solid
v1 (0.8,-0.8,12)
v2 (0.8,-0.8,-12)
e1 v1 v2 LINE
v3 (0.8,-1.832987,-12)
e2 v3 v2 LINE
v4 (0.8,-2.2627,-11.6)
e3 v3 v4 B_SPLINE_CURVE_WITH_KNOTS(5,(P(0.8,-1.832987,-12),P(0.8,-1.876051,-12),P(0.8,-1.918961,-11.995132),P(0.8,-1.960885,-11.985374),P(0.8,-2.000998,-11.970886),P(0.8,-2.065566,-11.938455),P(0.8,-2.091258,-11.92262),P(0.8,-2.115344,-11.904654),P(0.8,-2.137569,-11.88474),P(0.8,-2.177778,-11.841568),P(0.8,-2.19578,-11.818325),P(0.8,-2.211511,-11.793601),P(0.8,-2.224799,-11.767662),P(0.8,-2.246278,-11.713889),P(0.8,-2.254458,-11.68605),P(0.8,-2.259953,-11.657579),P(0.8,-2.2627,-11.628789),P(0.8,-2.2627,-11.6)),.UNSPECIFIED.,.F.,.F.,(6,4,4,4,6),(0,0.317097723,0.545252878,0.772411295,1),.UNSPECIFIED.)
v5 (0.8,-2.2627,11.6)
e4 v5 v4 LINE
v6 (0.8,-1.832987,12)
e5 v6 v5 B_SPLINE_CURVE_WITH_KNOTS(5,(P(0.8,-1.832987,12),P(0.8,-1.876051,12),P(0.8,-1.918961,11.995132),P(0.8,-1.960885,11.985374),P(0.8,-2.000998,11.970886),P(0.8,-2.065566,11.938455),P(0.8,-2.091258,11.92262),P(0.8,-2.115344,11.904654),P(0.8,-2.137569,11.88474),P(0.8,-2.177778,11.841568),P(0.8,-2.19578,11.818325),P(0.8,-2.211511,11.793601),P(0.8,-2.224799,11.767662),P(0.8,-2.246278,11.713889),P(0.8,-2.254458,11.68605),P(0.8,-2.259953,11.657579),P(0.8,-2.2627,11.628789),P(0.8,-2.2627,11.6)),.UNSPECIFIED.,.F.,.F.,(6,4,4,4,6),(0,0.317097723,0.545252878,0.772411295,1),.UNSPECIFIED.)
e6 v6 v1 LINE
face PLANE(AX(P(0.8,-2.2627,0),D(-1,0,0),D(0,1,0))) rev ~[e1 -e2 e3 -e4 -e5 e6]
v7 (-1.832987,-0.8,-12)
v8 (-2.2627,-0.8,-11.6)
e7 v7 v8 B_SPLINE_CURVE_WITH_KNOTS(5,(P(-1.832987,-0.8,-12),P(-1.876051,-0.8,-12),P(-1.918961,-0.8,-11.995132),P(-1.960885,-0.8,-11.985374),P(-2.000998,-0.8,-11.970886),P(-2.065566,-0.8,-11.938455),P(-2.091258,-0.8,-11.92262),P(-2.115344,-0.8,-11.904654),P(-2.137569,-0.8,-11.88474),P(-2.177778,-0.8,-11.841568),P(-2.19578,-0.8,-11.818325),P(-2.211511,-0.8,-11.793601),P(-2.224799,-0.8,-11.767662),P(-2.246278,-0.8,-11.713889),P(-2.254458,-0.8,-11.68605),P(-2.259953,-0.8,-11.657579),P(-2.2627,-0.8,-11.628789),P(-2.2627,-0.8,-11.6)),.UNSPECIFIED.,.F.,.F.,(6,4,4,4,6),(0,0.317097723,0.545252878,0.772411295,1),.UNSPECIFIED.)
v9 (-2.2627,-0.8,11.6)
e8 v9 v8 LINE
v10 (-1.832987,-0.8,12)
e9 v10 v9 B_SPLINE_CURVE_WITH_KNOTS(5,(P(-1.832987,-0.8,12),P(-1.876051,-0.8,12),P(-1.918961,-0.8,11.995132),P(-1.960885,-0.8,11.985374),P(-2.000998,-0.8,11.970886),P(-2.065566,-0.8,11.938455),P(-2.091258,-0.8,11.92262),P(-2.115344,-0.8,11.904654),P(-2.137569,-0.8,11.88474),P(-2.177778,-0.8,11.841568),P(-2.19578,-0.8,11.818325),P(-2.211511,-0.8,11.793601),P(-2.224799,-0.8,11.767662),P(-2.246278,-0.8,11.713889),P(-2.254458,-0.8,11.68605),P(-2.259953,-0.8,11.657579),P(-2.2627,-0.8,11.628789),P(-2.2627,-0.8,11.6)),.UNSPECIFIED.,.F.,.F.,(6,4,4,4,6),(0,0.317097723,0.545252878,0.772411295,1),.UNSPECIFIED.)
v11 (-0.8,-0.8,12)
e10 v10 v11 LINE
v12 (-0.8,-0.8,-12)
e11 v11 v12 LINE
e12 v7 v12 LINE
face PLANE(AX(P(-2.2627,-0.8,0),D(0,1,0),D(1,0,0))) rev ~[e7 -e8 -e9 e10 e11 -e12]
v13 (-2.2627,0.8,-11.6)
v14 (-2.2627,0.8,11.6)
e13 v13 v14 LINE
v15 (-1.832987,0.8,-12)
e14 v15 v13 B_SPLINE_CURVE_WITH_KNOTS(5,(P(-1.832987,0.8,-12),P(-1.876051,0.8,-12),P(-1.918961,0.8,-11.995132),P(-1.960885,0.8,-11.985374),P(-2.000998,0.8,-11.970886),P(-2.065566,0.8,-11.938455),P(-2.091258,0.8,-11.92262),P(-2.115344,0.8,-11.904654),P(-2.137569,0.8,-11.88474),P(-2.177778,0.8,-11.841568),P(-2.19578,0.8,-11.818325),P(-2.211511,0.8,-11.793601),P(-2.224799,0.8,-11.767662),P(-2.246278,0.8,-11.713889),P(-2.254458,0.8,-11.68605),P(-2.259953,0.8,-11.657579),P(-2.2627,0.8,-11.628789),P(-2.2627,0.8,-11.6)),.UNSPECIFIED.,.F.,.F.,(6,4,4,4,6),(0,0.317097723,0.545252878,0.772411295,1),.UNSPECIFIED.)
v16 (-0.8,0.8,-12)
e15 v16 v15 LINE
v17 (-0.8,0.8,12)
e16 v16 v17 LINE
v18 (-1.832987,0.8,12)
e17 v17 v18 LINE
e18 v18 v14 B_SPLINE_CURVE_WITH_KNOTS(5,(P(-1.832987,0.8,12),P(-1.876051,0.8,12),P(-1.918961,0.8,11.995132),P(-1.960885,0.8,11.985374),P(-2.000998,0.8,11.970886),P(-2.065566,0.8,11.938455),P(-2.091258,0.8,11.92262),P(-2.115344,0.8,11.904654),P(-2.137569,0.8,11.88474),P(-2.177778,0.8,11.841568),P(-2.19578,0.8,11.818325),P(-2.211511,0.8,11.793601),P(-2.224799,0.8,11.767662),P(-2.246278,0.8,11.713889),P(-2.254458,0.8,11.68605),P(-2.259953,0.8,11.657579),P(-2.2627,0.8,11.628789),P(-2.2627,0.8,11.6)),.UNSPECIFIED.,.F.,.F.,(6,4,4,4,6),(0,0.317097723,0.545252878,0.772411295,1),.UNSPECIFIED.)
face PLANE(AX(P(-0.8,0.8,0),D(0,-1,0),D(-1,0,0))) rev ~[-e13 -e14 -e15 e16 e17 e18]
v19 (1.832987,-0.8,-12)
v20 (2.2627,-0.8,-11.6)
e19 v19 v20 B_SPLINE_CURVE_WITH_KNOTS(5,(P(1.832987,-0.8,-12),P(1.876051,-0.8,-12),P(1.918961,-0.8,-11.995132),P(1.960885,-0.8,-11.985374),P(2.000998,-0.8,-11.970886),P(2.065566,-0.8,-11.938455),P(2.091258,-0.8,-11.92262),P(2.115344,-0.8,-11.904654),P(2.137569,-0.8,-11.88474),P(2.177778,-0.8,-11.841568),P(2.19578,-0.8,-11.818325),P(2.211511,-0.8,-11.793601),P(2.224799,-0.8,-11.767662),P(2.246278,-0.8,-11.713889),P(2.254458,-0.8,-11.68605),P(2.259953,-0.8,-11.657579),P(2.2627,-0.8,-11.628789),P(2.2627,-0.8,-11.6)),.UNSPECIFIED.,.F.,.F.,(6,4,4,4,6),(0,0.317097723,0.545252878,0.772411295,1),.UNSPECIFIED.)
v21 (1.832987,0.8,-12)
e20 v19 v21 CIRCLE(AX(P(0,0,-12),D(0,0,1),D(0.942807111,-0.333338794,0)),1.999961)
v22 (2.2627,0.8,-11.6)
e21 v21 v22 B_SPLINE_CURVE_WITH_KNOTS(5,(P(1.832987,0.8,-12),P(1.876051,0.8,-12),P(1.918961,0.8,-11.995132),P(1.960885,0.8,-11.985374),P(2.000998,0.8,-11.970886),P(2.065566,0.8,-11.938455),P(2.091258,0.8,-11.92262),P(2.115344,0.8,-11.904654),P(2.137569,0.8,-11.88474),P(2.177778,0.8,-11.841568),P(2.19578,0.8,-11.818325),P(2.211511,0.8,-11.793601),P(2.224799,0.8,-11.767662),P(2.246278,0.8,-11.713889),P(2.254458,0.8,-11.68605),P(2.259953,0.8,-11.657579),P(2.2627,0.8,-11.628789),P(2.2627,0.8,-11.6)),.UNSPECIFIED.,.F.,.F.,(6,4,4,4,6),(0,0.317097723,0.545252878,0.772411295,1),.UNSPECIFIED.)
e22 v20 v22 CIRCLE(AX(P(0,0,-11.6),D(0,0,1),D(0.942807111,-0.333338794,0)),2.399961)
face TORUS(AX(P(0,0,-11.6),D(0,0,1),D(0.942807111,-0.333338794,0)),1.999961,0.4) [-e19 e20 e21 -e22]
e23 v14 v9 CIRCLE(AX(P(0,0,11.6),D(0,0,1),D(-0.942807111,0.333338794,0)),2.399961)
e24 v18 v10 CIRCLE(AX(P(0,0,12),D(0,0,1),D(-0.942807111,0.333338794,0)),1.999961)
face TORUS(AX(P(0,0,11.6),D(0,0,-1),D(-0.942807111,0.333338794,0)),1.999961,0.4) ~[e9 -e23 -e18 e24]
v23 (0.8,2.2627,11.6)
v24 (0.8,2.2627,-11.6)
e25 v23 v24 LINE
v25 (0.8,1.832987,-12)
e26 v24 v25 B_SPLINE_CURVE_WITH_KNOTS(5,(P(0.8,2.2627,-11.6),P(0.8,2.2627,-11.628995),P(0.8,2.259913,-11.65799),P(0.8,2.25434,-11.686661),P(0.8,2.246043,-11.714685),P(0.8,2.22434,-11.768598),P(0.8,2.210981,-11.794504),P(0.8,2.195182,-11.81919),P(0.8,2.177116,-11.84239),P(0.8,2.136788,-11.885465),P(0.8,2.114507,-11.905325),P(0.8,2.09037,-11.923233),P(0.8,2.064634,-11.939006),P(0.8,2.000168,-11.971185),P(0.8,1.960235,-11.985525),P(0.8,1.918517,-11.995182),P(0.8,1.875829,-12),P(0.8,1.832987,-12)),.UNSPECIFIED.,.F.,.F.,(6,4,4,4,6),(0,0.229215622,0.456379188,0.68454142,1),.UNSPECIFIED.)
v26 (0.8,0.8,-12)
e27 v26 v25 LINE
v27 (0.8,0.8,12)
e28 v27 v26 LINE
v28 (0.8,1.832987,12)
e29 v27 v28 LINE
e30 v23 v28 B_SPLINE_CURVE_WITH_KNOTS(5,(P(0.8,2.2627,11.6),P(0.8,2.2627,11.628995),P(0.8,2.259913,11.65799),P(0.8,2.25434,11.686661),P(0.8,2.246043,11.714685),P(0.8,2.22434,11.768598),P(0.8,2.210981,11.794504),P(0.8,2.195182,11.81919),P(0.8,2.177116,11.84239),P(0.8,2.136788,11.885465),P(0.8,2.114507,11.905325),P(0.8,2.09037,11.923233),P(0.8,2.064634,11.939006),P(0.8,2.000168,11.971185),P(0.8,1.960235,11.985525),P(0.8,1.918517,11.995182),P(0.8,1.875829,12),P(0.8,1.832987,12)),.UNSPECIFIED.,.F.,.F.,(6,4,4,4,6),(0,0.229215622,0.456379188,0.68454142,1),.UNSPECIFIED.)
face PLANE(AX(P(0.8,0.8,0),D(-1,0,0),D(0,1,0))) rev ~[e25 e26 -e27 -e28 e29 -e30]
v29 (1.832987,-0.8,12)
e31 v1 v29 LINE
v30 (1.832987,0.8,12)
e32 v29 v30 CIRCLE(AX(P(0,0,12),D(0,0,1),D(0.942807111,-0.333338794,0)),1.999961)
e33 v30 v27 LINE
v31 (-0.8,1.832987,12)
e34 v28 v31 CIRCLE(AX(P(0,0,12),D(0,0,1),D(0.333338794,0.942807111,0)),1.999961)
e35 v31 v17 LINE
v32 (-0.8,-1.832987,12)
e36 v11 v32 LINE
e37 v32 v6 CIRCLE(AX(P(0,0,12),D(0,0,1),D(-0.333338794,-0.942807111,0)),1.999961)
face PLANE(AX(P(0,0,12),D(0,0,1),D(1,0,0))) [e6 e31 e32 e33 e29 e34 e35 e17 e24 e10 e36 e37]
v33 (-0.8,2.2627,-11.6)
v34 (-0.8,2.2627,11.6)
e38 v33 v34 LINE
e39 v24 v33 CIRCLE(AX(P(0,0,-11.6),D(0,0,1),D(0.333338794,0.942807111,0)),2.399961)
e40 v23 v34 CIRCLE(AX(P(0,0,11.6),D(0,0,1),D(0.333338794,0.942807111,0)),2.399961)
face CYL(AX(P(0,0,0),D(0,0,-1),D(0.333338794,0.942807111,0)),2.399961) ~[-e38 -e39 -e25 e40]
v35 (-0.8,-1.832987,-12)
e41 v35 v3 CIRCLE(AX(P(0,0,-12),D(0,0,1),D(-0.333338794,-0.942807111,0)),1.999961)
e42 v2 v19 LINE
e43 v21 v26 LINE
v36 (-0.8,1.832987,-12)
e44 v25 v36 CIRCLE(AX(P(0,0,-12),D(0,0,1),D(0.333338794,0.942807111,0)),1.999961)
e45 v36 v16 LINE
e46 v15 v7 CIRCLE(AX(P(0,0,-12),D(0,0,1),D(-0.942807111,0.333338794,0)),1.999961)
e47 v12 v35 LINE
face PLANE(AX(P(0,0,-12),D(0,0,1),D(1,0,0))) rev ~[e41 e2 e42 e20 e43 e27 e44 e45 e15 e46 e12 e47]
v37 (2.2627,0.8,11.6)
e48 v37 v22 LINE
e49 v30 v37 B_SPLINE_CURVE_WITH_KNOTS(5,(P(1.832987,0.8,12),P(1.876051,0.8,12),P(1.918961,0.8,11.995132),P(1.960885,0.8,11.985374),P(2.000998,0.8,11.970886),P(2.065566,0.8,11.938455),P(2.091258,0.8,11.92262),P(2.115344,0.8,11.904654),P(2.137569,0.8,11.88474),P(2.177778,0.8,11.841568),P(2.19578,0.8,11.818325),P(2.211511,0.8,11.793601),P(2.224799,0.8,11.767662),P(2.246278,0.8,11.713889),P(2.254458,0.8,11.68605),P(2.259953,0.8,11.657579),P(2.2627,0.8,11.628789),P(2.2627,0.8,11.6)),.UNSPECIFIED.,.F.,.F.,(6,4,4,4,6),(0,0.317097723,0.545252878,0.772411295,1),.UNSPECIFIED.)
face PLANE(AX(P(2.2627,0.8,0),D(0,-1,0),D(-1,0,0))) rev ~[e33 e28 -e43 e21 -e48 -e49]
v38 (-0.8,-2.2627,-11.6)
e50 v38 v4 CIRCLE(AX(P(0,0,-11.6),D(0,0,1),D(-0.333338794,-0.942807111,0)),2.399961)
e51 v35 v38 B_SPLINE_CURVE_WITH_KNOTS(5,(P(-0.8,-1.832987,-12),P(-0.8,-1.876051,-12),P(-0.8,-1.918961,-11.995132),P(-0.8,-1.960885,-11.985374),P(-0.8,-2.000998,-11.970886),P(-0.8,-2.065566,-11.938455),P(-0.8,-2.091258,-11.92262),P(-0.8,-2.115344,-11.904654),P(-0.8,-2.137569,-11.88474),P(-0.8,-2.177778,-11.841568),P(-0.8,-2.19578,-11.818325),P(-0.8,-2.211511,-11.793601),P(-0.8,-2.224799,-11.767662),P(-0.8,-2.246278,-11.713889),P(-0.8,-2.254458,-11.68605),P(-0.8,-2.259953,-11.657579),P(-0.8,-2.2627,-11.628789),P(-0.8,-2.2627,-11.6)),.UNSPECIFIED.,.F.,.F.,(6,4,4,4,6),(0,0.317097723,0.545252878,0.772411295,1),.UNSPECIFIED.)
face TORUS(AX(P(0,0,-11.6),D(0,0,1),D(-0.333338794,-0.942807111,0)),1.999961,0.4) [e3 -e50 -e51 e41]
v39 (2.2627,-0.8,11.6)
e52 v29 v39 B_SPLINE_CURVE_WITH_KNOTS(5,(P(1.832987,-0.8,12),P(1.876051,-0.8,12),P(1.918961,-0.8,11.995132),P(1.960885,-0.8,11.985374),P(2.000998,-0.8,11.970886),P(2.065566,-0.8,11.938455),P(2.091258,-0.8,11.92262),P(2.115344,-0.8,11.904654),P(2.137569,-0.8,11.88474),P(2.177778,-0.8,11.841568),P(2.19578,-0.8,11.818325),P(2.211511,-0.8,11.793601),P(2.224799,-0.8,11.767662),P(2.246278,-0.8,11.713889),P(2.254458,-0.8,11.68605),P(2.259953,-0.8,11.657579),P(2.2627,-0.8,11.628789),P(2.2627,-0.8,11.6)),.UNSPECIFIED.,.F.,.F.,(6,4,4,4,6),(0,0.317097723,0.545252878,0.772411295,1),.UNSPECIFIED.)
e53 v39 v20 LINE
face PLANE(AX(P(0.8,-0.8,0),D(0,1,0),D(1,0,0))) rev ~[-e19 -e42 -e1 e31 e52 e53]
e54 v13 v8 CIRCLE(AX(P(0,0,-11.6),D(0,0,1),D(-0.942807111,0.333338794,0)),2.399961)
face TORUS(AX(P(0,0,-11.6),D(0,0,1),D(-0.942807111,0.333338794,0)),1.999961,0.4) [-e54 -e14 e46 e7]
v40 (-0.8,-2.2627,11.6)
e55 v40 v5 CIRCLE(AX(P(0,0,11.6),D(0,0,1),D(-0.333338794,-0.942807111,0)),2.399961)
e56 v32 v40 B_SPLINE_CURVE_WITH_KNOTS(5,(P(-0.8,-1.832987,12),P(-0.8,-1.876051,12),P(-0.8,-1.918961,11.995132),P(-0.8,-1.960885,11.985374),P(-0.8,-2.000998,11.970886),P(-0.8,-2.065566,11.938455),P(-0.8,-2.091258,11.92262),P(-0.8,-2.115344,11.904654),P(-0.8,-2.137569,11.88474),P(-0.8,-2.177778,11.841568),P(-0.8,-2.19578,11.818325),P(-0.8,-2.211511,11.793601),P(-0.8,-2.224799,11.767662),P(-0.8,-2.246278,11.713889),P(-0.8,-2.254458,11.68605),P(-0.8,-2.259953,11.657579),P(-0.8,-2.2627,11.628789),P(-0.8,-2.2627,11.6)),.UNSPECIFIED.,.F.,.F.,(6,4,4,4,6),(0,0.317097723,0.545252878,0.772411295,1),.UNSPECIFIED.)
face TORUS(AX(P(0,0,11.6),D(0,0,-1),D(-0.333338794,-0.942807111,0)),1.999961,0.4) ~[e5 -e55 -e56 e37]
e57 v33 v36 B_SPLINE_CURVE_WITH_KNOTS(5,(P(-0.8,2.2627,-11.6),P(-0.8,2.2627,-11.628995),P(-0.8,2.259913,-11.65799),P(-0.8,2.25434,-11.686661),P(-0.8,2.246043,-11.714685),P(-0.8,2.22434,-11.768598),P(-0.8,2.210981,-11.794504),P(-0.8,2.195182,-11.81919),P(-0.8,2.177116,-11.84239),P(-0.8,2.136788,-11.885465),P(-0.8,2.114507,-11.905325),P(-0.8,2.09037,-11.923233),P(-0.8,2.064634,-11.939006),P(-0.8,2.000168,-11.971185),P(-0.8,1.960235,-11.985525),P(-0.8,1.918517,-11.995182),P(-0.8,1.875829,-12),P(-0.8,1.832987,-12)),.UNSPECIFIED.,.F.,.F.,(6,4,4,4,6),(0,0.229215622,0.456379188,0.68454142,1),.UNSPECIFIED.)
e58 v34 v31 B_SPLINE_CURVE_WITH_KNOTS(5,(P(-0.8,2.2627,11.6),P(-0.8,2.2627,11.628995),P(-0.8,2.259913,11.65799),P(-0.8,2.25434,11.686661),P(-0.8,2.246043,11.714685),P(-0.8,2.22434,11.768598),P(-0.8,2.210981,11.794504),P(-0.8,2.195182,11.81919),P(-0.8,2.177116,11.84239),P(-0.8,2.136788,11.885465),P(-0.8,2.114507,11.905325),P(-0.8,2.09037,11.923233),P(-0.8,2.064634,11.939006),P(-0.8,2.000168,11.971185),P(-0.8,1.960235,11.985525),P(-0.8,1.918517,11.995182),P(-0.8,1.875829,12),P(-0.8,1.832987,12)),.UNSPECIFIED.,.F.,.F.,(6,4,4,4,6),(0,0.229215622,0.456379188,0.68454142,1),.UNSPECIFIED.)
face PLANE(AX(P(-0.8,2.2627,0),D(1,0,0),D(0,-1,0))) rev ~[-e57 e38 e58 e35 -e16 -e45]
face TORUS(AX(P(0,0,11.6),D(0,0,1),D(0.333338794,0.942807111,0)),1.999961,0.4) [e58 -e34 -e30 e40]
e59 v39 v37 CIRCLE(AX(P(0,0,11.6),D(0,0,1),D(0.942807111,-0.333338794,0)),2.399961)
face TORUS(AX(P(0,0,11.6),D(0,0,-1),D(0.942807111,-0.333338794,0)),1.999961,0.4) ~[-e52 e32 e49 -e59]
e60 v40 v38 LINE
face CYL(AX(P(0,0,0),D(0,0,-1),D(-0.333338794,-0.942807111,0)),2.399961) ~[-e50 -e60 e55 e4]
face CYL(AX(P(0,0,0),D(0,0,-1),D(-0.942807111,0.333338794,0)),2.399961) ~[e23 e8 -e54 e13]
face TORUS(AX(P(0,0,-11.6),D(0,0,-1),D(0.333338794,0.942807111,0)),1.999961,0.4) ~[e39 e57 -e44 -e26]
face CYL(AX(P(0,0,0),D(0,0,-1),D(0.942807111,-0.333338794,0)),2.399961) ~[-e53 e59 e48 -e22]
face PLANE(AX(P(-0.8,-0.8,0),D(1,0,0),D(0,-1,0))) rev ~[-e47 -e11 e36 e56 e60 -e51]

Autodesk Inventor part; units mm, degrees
ref_plane "YZ Plane" through (0, 0, 0) normal (1, 0, 0) x (0, 1, 0)
ref_plane "XZ Plane" through (0, 0, 0) normal (0, 1, 0) x (-1, 0, 0)
ref_plane "XY Plane" through (0, 0, 0) normal (0, 0, 1) x (1, 0, 0)
sketch "Sketch1" plane through (0, 0, 0) normal (0, 0, 1) x (1, 0, 0)
  circle A0 centre (0, 0) radius 2.4 construction
  line L0 (-0.8, 2.2627) -> (-0.8, 0.8)
  line L1 (-0.8, 0.8) -> (-2.2627, 0.8)
  line L2 (-2.2627, -0.8) -> (-0.8, -0.8)
  line L3 (-0.8, -0.8) -> (-0.8, -2.2627)
  line L4 (0.8, -2.2627) -> (0.8, -0.8)
  line L5 (0.8, -0.8) -> (2.2627, -0.8)
  line L6 (2.2627, 0.8) -> (0.8, 0.8)
  line L7 (0.8, 0.8) -> (0.8, 2.2627)
  arc A1 (0.8, 2.2627) -> (-0.8, 2.2627) centre (0, 0) ccw
  arc A2 (-2.2627, 0.8) -> (-2.2627, -0.8) centre (0, 0) ccw
  arc A3 (-0.8, -2.2627) -> (0.8, -2.2627) centre (0, 0) ccw
  arc A4 (2.2627, -0.8) -> (2.2627, 0.8) centre (0, 0) ccw
  dimension "d0" = 4.8
  dimension "d1" = 1.6
extrude "Extrusion1" add sketch "Sketch1" along normal mid plane 24
fillet "Fillet1" radius 0.4 8 edges at (0, 2.4, 12) (-2.4, 0, 12) (0, -2.4, 12) (2.4, 0, 12) (2.4, 0, -12) (0, 2.4, -12) (-2.4, 0, -12) (0, -2.4, -12)
equation "\"d0\" = kd"
equation "\"d1\" = axlet"
equation "\"d2\" = 3 * lu"
equation "\"d4\" = tf"
equation "\"kd\" = 4.8"
equation "\"axlet\" = 1.6"
equation "\"lu\" = 8"
equation "\"tf\" = 0.4"
properties part number "4519-Yellow" material "ABS Plastic"
